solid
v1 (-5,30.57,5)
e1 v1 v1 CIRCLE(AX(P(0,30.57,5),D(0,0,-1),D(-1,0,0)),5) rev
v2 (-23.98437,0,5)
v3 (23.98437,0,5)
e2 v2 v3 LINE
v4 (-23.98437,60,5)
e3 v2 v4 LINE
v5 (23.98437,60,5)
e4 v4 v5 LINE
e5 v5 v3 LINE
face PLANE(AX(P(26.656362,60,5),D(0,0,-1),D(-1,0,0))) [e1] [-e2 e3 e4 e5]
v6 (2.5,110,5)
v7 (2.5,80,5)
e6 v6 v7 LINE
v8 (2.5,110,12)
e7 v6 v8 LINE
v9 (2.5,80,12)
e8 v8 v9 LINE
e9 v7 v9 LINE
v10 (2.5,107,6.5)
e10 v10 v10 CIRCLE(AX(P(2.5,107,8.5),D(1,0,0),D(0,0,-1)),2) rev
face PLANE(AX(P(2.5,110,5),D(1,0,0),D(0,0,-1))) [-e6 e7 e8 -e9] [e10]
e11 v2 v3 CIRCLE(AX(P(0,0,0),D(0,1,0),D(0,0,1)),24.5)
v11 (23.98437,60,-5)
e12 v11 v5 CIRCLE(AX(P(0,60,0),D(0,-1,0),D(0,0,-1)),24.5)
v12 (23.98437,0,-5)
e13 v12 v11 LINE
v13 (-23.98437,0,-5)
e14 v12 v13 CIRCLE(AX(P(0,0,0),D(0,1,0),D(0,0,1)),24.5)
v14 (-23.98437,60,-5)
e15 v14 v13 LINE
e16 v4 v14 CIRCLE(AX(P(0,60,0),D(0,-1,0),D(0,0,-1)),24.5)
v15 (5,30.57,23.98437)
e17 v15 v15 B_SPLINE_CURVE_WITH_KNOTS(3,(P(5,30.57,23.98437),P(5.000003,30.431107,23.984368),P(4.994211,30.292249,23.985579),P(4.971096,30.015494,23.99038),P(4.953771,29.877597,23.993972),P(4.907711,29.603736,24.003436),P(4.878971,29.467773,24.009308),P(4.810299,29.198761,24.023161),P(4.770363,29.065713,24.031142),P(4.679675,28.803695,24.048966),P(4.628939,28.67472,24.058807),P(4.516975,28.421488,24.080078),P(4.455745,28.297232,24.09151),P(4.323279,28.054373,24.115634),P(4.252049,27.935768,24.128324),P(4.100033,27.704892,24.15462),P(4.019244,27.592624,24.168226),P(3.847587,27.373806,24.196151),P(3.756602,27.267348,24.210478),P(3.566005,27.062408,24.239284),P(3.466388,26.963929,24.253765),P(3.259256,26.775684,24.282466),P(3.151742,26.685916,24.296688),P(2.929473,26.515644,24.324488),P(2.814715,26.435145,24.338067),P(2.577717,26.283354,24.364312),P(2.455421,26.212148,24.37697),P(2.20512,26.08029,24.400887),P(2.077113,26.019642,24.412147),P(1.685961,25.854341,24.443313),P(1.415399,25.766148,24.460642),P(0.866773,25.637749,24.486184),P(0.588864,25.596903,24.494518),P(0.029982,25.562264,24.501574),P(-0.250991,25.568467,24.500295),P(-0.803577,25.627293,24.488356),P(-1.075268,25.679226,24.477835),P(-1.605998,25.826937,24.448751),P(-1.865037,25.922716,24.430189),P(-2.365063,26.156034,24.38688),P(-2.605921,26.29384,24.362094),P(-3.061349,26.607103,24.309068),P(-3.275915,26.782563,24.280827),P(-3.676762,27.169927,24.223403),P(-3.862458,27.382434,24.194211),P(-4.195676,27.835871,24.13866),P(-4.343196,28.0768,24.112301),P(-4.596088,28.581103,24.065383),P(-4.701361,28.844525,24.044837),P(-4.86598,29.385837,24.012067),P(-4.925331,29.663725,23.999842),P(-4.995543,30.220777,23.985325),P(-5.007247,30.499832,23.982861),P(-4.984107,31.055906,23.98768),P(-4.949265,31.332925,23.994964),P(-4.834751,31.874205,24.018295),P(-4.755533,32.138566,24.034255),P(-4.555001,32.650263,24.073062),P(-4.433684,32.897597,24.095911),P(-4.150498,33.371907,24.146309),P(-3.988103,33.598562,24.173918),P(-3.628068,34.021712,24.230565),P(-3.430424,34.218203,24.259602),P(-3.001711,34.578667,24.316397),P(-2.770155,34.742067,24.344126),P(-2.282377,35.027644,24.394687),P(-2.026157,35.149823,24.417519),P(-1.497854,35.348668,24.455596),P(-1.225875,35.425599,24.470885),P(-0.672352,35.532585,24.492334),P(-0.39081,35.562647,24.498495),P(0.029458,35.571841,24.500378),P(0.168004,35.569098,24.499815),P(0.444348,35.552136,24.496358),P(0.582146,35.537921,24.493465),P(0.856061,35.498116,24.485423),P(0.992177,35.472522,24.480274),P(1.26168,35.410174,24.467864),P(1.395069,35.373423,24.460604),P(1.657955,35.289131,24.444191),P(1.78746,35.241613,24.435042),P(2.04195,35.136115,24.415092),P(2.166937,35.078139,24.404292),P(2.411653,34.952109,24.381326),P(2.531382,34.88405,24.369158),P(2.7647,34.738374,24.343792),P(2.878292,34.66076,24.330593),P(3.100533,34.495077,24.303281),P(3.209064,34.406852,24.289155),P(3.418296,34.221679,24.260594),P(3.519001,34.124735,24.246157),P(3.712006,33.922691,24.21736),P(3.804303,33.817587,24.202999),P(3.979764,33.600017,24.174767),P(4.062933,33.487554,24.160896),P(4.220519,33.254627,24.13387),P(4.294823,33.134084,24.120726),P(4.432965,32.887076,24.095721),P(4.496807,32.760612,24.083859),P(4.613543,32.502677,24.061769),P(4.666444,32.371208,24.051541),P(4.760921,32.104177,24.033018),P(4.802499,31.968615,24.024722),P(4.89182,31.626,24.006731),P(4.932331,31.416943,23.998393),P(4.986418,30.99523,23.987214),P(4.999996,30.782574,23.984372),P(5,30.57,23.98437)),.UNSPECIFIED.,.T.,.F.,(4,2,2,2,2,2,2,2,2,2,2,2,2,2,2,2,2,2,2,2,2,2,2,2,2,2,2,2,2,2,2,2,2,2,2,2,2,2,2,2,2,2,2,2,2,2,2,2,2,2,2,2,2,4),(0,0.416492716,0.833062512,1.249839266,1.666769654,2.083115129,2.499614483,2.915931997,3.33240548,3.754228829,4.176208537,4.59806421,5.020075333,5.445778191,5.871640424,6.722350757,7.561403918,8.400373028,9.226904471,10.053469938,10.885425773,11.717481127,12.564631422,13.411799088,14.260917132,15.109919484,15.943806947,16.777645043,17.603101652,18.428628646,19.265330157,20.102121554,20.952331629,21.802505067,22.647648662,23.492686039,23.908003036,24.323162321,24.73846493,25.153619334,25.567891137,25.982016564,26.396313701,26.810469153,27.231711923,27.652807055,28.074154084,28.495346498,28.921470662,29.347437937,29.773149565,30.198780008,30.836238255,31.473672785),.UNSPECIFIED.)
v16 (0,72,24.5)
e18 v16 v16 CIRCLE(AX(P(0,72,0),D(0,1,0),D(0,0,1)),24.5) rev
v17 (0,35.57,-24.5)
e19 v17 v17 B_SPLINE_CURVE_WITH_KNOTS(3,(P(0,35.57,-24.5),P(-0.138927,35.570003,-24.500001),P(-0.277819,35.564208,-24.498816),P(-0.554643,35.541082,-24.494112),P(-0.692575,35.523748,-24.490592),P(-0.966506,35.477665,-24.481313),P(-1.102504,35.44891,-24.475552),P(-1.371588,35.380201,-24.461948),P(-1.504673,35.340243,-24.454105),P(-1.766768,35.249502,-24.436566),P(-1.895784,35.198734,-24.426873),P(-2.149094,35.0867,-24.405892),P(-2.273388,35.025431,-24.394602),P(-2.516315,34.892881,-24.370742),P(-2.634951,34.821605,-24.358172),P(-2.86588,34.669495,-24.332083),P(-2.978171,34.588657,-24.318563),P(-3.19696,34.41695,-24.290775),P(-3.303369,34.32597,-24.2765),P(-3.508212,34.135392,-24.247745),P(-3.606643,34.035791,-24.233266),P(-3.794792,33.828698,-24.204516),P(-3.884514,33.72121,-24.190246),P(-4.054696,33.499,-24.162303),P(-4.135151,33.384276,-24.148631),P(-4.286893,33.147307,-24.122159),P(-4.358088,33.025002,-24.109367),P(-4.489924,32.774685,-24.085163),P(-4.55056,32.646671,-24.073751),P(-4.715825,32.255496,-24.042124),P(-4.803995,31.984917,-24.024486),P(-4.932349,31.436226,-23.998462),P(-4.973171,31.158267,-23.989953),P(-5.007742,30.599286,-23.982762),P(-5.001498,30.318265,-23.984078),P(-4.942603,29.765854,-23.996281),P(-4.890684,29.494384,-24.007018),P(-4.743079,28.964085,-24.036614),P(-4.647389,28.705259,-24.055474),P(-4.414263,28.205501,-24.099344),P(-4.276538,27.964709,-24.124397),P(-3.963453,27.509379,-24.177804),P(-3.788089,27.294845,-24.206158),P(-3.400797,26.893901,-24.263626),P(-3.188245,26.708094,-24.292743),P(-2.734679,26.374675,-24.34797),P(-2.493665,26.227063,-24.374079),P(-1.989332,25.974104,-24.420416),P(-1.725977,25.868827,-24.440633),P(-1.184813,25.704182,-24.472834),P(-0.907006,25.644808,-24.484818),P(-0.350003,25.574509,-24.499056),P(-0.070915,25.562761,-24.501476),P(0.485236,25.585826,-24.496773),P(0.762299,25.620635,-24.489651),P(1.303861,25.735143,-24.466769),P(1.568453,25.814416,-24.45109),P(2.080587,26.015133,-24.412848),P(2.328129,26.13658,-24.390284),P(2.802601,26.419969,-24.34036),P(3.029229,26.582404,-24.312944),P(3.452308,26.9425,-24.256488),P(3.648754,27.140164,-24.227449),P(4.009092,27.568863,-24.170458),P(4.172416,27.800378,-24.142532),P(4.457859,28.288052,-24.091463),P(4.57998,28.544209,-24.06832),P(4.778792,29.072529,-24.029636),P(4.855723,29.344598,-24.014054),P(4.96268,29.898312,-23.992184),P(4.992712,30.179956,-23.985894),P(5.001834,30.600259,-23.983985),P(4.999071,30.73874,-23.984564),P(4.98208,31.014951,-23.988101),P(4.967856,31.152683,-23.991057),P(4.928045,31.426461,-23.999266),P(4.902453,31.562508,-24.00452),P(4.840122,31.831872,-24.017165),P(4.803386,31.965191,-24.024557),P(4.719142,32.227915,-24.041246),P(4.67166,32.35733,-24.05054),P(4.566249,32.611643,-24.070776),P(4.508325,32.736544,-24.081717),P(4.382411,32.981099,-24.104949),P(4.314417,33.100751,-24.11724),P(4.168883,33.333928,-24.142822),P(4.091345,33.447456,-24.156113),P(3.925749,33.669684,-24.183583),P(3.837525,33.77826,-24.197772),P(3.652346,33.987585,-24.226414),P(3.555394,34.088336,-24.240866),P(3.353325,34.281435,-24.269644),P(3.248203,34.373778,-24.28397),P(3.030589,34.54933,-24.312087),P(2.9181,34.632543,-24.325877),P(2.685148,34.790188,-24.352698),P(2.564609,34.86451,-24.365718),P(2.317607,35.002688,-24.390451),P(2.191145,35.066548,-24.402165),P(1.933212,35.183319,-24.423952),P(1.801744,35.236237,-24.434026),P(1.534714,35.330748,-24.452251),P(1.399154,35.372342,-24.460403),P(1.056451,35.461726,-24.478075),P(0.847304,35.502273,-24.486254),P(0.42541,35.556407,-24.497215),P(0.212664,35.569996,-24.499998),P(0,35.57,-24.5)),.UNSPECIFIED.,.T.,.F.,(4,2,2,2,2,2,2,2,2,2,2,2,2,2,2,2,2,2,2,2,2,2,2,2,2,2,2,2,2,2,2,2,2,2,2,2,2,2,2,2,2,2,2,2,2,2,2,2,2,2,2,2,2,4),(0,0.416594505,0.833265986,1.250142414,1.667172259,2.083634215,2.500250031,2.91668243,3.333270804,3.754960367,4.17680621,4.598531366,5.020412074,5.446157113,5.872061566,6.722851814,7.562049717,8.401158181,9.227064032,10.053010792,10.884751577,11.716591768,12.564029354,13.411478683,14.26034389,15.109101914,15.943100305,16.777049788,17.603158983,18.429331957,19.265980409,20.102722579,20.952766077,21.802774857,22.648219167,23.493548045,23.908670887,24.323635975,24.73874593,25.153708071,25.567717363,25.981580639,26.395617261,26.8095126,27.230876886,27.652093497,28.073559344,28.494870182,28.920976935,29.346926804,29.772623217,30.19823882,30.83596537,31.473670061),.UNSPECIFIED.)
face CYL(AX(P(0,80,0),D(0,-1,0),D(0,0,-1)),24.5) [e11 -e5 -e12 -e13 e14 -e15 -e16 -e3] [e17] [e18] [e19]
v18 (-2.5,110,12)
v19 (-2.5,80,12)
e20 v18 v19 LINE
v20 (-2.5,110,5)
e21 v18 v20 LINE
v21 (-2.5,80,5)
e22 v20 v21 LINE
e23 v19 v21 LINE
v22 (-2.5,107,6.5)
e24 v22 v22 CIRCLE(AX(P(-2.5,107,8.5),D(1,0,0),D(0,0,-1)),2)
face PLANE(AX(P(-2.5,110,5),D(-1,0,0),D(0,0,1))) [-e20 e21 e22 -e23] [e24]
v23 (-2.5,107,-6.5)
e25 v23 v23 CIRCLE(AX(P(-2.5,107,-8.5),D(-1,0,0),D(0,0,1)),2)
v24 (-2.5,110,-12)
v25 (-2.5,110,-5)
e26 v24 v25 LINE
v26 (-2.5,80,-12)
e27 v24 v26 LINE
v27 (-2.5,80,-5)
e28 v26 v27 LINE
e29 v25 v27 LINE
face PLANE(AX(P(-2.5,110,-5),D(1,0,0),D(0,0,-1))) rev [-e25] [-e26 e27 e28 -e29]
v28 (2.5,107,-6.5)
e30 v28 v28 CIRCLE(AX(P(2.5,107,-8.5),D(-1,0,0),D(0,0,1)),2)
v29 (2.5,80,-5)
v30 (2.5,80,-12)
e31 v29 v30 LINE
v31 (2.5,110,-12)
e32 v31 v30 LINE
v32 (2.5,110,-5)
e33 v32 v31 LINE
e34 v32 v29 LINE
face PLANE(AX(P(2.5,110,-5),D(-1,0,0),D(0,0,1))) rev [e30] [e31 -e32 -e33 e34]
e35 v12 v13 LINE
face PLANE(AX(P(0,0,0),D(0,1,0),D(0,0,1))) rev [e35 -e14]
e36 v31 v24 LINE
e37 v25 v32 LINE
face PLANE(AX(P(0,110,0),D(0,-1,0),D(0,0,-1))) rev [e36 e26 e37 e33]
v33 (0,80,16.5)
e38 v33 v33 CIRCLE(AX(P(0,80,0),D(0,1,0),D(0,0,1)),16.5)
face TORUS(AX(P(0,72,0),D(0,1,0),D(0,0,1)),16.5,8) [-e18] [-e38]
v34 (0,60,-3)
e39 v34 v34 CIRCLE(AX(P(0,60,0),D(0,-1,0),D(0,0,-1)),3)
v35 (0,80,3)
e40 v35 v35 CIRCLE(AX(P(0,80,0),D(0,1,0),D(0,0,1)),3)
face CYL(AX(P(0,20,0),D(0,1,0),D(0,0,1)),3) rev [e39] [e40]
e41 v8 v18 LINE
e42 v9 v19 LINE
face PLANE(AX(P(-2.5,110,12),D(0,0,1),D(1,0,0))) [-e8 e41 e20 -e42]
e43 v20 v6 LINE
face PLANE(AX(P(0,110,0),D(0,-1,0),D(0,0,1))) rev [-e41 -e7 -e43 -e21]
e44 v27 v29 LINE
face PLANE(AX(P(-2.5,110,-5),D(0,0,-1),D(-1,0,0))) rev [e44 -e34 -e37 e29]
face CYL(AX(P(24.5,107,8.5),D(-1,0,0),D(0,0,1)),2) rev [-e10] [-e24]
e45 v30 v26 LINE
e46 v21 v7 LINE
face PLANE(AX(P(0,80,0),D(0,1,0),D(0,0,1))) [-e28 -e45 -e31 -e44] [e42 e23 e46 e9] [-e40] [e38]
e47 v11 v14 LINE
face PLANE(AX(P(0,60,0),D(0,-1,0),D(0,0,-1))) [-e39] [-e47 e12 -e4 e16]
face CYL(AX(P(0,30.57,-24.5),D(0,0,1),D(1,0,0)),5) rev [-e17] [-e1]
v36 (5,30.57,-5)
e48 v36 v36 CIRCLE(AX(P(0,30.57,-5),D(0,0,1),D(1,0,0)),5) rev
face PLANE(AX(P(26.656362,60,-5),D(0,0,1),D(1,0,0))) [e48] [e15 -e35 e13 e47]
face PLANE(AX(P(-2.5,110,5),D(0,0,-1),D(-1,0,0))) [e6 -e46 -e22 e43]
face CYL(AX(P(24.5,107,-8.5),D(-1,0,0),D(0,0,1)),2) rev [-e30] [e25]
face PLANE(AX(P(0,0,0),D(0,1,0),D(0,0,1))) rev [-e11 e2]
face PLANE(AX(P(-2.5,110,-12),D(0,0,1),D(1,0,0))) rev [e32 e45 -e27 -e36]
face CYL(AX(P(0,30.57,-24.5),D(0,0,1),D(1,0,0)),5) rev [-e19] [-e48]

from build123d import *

# Parameters (mm, degrees)
SKETCH1_R               = 24.5
BOSS_EXTRUDE1_DEPTH     = 80
FILLET1_R               = 8
CUT_EXTRUDE1_DEPTH      = 88.180846548
CUT_EXTRUDE1_DEPTH_BACK = 88.180846548
SKETCH2_R               = 5
SKETCH3_W               = 56.031714123
SKETCH3_H               = 10
CUT_EXTRUDE2_DEPTH      = 60
SKETCH4_R               = 3
CUT_EXTRUDE3_DEPTH      = 60
SKETCH5_W               = 5
SKETCH5_H               = 7
BOSS_EXTRUDE2_DEPTH     = 30
SKETCH6_R               = 2
CUT_EXTRUDE4_DEPTH      = 116.884640959


with BuildPart() as part:
    # Sketch1 → Boss-Extrude1 (new body)
    with BuildSketch(Plane(origin=(0, 0, 0), x_dir=(1, 0, 0), z_dir=(0, 1, 0))):
        with Locations(Location((0, 0, 0), (0, 0, 270))):
            Circle(SKETCH1_R)
    extrude(amount=BOSS_EXTRUDE1_DEPTH)

    # Fillet1
    fillet1_edges = [part.edges().sort_by_distance(p)[0] for p in [
        (0, 80, -24.5),
    ]]
    fillet(fillet1_edges, radius=FILLET1_R)

    # Sketch2 → Cut-Extrude1 (cut, two sides: drawn at the far end of the back side and taken through both)
    with BuildSketch(Plane.XY.offset(-CUT_EXTRUDE1_DEPTH_BACK)):
        with Locations((0, 30.57)):
            Circle(SKETCH2_R)
    extrude(amount=CUT_EXTRUDE1_DEPTH + CUT_EXTRUDE1_DEPTH_BACK, mode=Mode.SUBTRACT)

    # Sketch3 → Cut-Extrude2 (cut)
    with BuildSketch(Plane(origin=(0, 0, 0), x_dir=(1, 0, 0), z_dir=(0, 1, 0))):
        with Locations((-1.359495315, 0)):
            Rectangle(SKETCH3_W, SKETCH3_H)
    extrude(amount=CUT_EXTRUDE2_DEPTH, mode=Mode.SUBTRACT)

    # Sketch4 → Cut-Extrude3 (cut)
    with BuildSketch(Plane(origin=(0, 80, 0), x_dir=(1, 0, 0), z_dir=(0, 1, 0))):
        with Locations(Location((0, 0, 0), (0, 0, 270))):
            Circle(SKETCH4_R)
    extrude(amount=-CUT_EXTRUDE3_DEPTH, mode=Mode.SUBTRACT)

    # Sketch5 → Boss-Extrude2 (add)
    with BuildSketch(Plane(origin=(0, 80, 0), x_dir=(1, 0, 0), z_dir=(0, 1, 0))):
        with Locations((0, 8.5)):
            Rectangle(SKETCH5_W, SKETCH5_H)
    boss_extrude2 = extrude(amount=BOSS_EXTRUDE2_DEPTH)

    # Sketch6 → Cut-Extrude4 (cut, through all)
    with BuildSketch(Plane.ZY.offset(2.5)):
        with Locations((-8.5, 107)):
            Circle(SKETCH6_R)
    cut_extrude4 = extrude(amount=-CUT_EXTRUDE4_DEPTH, mode=Mode.SUBTRACT)

    # Mirror1: Boss-Extrude2, Cut-Extrude4 across plane
    add(boss_extrude2.mirror(Plane.XY))
    add(cut_extrude4.mirror(Plane.XY), mode=Mode.SUBTRACT)


solid = part.part
